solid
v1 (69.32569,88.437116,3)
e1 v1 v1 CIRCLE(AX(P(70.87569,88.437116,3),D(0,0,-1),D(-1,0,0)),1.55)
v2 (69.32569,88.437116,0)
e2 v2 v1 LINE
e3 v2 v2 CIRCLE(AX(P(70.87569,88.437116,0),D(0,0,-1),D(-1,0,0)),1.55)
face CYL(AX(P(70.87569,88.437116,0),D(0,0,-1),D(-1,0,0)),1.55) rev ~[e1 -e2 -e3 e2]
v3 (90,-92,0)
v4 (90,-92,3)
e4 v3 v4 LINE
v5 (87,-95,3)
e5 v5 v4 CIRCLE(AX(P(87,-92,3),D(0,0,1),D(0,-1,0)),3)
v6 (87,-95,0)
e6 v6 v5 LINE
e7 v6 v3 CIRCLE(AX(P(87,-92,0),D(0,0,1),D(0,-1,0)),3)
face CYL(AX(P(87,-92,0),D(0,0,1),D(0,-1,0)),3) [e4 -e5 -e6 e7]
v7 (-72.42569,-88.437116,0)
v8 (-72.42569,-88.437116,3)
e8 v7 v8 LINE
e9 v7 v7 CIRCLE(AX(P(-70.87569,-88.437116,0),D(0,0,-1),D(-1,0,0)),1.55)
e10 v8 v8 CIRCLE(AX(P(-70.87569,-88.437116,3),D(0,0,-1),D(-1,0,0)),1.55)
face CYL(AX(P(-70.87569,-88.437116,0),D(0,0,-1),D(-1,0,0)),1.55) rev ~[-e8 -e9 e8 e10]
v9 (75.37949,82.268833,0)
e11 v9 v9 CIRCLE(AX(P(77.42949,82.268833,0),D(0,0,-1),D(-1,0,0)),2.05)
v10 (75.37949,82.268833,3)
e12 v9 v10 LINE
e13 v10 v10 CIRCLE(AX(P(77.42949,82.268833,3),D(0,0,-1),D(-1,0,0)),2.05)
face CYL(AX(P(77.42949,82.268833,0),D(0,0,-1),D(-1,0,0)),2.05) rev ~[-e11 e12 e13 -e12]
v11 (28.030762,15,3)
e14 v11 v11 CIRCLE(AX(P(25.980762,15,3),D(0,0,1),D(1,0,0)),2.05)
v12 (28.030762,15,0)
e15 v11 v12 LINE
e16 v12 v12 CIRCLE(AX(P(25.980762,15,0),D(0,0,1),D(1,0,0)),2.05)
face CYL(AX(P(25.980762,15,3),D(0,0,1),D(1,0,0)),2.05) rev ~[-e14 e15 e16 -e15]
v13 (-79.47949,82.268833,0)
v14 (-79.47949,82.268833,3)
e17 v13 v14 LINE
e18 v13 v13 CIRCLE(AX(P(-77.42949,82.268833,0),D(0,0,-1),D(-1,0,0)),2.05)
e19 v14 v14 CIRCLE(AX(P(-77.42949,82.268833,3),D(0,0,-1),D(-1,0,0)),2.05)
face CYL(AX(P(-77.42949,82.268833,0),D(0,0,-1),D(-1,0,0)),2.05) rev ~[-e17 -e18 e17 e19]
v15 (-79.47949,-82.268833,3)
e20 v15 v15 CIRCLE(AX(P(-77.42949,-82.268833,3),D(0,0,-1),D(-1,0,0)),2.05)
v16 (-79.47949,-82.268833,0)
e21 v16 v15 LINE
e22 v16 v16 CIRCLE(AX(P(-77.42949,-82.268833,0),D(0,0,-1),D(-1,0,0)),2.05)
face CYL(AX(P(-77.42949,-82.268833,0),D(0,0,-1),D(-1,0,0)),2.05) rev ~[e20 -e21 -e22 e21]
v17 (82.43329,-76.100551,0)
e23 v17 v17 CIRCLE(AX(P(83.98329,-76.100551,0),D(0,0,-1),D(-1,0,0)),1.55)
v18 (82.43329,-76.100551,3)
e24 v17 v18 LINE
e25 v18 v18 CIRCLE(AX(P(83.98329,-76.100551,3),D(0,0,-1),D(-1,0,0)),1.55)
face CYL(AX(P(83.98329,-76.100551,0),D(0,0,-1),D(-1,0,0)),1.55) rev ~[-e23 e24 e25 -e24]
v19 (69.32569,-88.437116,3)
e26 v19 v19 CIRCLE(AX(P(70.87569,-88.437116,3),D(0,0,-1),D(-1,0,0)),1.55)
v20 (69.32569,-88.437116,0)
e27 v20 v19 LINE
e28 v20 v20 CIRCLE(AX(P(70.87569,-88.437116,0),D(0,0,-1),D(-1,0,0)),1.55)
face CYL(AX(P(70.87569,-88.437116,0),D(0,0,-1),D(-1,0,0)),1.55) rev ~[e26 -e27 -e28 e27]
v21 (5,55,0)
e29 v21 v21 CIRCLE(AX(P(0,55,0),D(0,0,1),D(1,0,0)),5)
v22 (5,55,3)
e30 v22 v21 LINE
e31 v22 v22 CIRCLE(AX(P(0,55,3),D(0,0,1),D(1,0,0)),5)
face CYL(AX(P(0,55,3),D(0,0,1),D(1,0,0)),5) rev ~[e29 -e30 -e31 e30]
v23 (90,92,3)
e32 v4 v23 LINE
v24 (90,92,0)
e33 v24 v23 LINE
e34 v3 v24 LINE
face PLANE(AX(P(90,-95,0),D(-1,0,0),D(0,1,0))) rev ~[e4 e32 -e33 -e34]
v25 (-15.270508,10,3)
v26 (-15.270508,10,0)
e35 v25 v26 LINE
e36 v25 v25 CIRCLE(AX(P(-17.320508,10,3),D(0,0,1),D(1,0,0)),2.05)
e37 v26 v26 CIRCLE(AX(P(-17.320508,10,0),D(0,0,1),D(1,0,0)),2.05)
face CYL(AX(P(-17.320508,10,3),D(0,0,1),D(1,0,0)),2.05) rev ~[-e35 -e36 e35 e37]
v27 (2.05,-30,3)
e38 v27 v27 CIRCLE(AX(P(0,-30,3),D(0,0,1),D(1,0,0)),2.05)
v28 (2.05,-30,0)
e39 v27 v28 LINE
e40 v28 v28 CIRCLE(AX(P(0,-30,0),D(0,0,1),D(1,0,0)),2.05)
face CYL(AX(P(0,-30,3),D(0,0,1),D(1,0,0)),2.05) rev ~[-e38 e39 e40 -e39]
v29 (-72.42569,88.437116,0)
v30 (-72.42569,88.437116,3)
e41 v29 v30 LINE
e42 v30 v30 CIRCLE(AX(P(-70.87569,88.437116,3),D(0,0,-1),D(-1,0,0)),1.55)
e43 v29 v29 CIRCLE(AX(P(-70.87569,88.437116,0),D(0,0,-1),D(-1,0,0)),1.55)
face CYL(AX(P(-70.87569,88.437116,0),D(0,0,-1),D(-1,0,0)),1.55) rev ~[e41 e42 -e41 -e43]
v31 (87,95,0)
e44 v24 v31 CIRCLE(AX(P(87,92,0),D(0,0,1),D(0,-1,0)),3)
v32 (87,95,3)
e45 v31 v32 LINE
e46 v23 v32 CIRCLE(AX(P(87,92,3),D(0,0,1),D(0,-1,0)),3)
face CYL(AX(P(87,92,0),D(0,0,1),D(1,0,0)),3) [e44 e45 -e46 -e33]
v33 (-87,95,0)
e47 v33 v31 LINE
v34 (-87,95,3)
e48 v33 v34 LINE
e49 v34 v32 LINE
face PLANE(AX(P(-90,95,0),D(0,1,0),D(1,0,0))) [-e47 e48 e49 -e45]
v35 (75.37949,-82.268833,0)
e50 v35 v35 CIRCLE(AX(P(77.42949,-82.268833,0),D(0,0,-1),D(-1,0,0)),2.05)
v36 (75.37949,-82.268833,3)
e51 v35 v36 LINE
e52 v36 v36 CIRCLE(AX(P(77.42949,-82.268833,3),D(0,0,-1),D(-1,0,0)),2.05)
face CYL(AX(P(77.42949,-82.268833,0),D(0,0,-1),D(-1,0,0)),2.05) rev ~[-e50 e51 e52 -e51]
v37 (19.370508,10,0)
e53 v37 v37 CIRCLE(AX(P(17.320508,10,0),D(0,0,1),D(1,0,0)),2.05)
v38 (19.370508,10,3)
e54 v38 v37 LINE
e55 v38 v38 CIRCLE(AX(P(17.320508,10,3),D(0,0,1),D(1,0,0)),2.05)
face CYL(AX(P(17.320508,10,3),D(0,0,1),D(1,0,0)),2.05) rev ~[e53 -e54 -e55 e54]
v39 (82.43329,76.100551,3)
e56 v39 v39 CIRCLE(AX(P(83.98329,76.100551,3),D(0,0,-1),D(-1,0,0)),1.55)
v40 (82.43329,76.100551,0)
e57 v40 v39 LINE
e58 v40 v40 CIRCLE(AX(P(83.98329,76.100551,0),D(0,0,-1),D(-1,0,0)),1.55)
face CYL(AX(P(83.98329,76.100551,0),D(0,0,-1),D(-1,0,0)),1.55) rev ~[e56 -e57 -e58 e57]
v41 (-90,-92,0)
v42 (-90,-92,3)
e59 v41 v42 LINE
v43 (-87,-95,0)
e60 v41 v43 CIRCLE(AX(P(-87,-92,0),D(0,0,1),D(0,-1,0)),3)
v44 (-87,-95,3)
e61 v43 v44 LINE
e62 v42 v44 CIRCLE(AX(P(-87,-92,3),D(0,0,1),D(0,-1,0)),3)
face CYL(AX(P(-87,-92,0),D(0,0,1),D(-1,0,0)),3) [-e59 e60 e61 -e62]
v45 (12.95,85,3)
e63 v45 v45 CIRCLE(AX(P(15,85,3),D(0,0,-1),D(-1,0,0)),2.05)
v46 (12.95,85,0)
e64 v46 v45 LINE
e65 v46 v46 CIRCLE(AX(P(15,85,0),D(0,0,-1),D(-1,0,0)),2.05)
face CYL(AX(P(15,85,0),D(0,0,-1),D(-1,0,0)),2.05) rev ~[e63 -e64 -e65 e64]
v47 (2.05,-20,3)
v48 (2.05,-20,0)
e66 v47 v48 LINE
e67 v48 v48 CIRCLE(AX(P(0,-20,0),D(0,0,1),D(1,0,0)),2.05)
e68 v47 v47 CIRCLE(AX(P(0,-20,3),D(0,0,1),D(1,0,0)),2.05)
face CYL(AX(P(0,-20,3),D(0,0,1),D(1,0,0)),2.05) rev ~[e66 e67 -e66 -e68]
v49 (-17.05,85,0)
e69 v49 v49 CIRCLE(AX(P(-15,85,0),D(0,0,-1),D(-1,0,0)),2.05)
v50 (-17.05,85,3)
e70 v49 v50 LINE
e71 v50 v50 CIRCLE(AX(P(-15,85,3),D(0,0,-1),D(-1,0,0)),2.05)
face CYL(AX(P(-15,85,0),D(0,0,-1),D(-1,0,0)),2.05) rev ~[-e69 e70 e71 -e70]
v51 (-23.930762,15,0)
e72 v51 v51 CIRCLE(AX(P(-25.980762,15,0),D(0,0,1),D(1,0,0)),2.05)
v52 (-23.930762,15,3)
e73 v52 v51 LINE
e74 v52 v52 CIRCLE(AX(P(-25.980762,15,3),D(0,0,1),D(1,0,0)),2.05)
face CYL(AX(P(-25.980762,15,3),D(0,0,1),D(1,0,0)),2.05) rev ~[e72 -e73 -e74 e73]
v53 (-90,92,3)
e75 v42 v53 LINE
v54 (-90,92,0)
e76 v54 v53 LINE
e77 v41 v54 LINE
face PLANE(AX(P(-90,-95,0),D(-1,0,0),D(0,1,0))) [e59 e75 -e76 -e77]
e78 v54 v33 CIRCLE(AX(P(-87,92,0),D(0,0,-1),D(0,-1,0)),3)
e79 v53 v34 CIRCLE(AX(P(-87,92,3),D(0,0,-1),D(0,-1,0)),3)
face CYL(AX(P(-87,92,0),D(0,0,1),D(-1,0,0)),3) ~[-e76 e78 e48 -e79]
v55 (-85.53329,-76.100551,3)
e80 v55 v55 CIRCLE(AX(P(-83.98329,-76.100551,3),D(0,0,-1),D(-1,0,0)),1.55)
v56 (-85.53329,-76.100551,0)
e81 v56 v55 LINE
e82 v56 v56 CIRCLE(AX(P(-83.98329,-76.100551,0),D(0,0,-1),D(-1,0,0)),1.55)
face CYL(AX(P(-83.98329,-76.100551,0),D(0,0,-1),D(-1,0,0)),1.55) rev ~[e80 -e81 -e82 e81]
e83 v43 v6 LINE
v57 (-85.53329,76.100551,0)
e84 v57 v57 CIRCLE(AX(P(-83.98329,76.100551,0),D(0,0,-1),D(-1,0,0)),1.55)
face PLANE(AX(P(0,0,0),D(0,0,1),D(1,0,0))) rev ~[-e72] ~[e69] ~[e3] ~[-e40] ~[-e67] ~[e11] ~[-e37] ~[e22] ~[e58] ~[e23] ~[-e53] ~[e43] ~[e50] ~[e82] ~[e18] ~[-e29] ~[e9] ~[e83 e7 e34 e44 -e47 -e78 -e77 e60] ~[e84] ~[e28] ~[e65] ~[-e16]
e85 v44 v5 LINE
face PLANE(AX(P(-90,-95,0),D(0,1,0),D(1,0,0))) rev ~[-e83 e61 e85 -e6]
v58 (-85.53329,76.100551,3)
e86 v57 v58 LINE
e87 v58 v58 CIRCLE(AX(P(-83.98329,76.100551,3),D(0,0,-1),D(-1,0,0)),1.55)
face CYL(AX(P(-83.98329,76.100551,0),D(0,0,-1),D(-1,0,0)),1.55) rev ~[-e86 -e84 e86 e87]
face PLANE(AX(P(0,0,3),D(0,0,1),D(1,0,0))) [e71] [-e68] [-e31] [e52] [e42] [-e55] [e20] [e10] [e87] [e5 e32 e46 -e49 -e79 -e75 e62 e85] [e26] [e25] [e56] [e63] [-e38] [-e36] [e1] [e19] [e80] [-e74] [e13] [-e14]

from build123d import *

# Parameters (mm, degrees)
SKETCH1_W           = 180
SKETCH1_H           = 190
BOSS_EXTRUDE1_DEPTH = 3
FILLET1_R           = 3
SKETCH2_R           = 2.05
SKETCH2_R_2         = 1.55
CUT_EXTRUDE1_DEPTH  = 3
CUT_EXTRUDE_1_REACH = 132.897
SKETCH_2_R          = 2.05
CUT_EXTRUDE_2_REACH = 132.897
SKETCH_3_R          = 2.05
CUT_EXTRUDE_3_REACH = 132.897
SKETCH_4_R          = 5


with BuildPart() as part:
    # Sketch1 → Boss-Extrude1 (new body)
    with BuildSketch(Plane.XY):
        Rectangle(SKETCH1_W, SKETCH1_H)
    extrude(amount=BOSS_EXTRUDE1_DEPTH)

    # Fillet1
    fillet1_edges = [part.edges().sort_by_distance(p)[0] for p in [
        (90, -95, 1.5),
        (-90, -95, 1.5),
        (-90, 95, 1.5),
        (90, 95, 1.5),
    ]]
    fillet(fillet1_edges, radius=FILLET1_R)

    # Sketch2 → Cut-Extrude1 (cut)
    with BuildSketch(Plane(origin=(0, 0, 0), x_dir=(-1, 0, 0), z_dir=(0, 0, -1))):
        with Locations((-77.42949016, 82.268833295)):
            Circle(SKETCH2_R)
        with Locations((77.42949016, 82.268833295)):
            Circle(SKETCH2_R)
        with Locations((-77.42949016, -82.268833295)):
            Circle(SKETCH2_R)
        with Locations((77.42949016, -82.268833295)):
            Circle(SKETCH2_R)
        with Locations((-70.875690226, 88.437115586)):
            Circle(SKETCH2_R_2)
        with Locations((-83.983290094, 76.100551004)):
            Circle(SKETCH2_R_2)
        with Locations((70.875690226, 88.437115586)):
            Circle(SKETCH2_R_2)
        with Locations((83.983290094, 76.100551004)):
            Circle(SKETCH2_R_2)
        with Locations((-83.983290094, -76.100551004)):
            Circle(SKETCH2_R_2)
        with Locations((-70.875690226, -88.437115586)):
            Circle(SKETCH2_R_2)
        with Locations((83.983290094, -76.100551004)):
            Circle(SKETCH2_R_2)
        with Locations((70.875690226, -88.437115586)):
            Circle(SKETCH2_R_2)
    extrude(amount=-CUT_EXTRUDE1_DEPTH, mode=Mode.SUBTRACT)

    # 草图2 → 切除-拉伸1 (cut, up to next)
    with BuildSketch(Plane.XY.offset(3), mode=Mode.PRIVATE) as cut_extrude_1_sk1:
        with Locations((0, -20)):
            Circle(SKETCH_2_R)
    cut_extrude_1_tool1 = extrude(cut_extrude_1_sk1.sketch, amount=-CUT_EXTRUDE_1_REACH, mode=Mode.PRIVATE) & part.part
    # 草图2 → 切除-拉伸1 (cut, up to next)
    with BuildSketch(Plane.XY.offset(3), mode=Mode.PRIVATE) as cut_extrude_1_sk2:
        with Locations((0, -30)):
            Circle(SKETCH_2_R)
    cut_extrude_1_tool2 = extrude(cut_extrude_1_sk2.sketch, amount=-CUT_EXTRUDE_1_REACH, mode=Mode.PRIVATE) & part.part
    # 草图2 → 切除-拉伸1 (cut, up to next)
    with BuildSketch(Plane.XY.offset(3), mode=Mode.PRIVATE) as cut_extrude_1_sk3:
        with Locations((-17.320508076, 10)):
            Circle(SKETCH_2_R)
    cut_extrude_1_tool3 = extrude(cut_extrude_1_sk3.sketch, amount=-CUT_EXTRUDE_1_REACH, mode=Mode.PRIVATE) & part.part
    # 草图2 → 切除-拉伸1 (cut, up to next)
    with BuildSketch(Plane.XY.offset(3), mode=Mode.PRIVATE) as cut_extrude_1_sk4:
        with Locations((-25.980762114, 15)):
            Circle(SKETCH_2_R)
    cut_extrude_1_tool4 = extrude(cut_extrude_1_sk4.sketch, amount=-CUT_EXTRUDE_1_REACH, mode=Mode.PRIVATE) & part.part
    # 草图2 → 切除-拉伸1 (cut, up to next)
    with BuildSketch(Plane.XY.offset(3), mode=Mode.PRIVATE) as cut_extrude_1_sk5:
        with Locations((17.320508076, 10)):
            Circle(SKETCH_2_R)
    cut_extrude_1_tool5 = extrude(cut_extrude_1_sk5.sketch, amount=-CUT_EXTRUDE_1_REACH, mode=Mode.PRIVATE) & part.part
    # 草图2 → 切除-拉伸1 (cut, up to next)
    with BuildSketch(Plane.XY.offset(3), mode=Mode.PRIVATE) as cut_extrude_1_sk6:
        with Locations((25.980762114, 15)):
            Circle(SKETCH_2_R)
    cut_extrude_1_tool6 = extrude(cut_extrude_1_sk6.sketch, amount=-CUT_EXTRUDE_1_REACH, mode=Mode.PRIVATE) & part.part
    add(cut_extrude_1_tool1.solids().sort_by_distance((0, -20, 3))[0], mode=Mode.SUBTRACT)
    add(cut_extrude_1_tool2.solids().sort_by_distance((0, -30, 3))[0], mode=Mode.SUBTRACT)
    add(cut_extrude_1_tool3.solids().sort_by_distance((-17.320508, 10, 3))[0], mode=Mode.SUBTRACT)
    add(cut_extrude_1_tool4.solids().sort_by_distance((-25.980762, 15, 3))[0], mode=Mode.SUBTRACT)
    add(cut_extrude_1_tool5.solids().sort_by_distance((17.320508, 10, 3))[0], mode=Mode.SUBTRACT)
    add(cut_extrude_1_tool6.solids().sort_by_distance((25.980762, 15, 3))[0], mode=Mode.SUBTRACT)

    # 草图3 → 切除-拉伸2 (cut, up to next)
    with BuildSketch(Plane(origin=(0, 0, 0), x_dir=(-1, 0, 0), z_dir=(0, 0, -1)), mode=Mode.PRIVATE) as cut_extrude_2_sk1:
        with Locations((-15, 85)):
            Circle(SKETCH_3_R)
    cut_extrude_2_tool1 = extrude(cut_extrude_2_sk1.sketch, amount=-CUT_EXTRUDE_2_REACH, mode=Mode.PRIVATE) & part.part
    # 草图3 → 切除-拉伸2 (cut, up to next)
    with BuildSketch(Plane(origin=(0, 0, 0), x_dir=(-1, 0, 0), z_dir=(0, 0, -1)), mode=Mode.PRIVATE) as cut_extrude_2_sk2:
        with Locations((15, 85)):
            Circle(SKETCH_3_R)
    cut_extrude_2_tool2 = extrude(cut_extrude_2_sk2.sketch, amount=-CUT_EXTRUDE_2_REACH, mode=Mode.PRIVATE) & part.part
    add(cut_extrude_2_tool1.solids().sort_by_distance((15, 85, 0))[0], mode=Mode.SUBTRACT)
    add(cut_extrude_2_tool2.solids().sort_by_distance((-15, 85, 0))[0], mode=Mode.SUBTRACT)

    # 草图4 → 切除-拉伸3 (cut, up to next)
    with BuildSketch(Plane.XY.offset(3), mode=Mode.PRIVATE) as cut_extrude_3_sk1:
        with Locations((0, 55)):
            Circle(SKETCH_4_R)
    cut_extrude_3_tool1 = extrude(cut_extrude_3_sk1.sketch, amount=-CUT_EXTRUDE_3_REACH, mode=Mode.PRIVATE) & part.part
    add(cut_extrude_3_tool1.solids().sort_by_distance((0, 55, 3))[0], mode=Mode.SUBTRACT)


solid = part.part
